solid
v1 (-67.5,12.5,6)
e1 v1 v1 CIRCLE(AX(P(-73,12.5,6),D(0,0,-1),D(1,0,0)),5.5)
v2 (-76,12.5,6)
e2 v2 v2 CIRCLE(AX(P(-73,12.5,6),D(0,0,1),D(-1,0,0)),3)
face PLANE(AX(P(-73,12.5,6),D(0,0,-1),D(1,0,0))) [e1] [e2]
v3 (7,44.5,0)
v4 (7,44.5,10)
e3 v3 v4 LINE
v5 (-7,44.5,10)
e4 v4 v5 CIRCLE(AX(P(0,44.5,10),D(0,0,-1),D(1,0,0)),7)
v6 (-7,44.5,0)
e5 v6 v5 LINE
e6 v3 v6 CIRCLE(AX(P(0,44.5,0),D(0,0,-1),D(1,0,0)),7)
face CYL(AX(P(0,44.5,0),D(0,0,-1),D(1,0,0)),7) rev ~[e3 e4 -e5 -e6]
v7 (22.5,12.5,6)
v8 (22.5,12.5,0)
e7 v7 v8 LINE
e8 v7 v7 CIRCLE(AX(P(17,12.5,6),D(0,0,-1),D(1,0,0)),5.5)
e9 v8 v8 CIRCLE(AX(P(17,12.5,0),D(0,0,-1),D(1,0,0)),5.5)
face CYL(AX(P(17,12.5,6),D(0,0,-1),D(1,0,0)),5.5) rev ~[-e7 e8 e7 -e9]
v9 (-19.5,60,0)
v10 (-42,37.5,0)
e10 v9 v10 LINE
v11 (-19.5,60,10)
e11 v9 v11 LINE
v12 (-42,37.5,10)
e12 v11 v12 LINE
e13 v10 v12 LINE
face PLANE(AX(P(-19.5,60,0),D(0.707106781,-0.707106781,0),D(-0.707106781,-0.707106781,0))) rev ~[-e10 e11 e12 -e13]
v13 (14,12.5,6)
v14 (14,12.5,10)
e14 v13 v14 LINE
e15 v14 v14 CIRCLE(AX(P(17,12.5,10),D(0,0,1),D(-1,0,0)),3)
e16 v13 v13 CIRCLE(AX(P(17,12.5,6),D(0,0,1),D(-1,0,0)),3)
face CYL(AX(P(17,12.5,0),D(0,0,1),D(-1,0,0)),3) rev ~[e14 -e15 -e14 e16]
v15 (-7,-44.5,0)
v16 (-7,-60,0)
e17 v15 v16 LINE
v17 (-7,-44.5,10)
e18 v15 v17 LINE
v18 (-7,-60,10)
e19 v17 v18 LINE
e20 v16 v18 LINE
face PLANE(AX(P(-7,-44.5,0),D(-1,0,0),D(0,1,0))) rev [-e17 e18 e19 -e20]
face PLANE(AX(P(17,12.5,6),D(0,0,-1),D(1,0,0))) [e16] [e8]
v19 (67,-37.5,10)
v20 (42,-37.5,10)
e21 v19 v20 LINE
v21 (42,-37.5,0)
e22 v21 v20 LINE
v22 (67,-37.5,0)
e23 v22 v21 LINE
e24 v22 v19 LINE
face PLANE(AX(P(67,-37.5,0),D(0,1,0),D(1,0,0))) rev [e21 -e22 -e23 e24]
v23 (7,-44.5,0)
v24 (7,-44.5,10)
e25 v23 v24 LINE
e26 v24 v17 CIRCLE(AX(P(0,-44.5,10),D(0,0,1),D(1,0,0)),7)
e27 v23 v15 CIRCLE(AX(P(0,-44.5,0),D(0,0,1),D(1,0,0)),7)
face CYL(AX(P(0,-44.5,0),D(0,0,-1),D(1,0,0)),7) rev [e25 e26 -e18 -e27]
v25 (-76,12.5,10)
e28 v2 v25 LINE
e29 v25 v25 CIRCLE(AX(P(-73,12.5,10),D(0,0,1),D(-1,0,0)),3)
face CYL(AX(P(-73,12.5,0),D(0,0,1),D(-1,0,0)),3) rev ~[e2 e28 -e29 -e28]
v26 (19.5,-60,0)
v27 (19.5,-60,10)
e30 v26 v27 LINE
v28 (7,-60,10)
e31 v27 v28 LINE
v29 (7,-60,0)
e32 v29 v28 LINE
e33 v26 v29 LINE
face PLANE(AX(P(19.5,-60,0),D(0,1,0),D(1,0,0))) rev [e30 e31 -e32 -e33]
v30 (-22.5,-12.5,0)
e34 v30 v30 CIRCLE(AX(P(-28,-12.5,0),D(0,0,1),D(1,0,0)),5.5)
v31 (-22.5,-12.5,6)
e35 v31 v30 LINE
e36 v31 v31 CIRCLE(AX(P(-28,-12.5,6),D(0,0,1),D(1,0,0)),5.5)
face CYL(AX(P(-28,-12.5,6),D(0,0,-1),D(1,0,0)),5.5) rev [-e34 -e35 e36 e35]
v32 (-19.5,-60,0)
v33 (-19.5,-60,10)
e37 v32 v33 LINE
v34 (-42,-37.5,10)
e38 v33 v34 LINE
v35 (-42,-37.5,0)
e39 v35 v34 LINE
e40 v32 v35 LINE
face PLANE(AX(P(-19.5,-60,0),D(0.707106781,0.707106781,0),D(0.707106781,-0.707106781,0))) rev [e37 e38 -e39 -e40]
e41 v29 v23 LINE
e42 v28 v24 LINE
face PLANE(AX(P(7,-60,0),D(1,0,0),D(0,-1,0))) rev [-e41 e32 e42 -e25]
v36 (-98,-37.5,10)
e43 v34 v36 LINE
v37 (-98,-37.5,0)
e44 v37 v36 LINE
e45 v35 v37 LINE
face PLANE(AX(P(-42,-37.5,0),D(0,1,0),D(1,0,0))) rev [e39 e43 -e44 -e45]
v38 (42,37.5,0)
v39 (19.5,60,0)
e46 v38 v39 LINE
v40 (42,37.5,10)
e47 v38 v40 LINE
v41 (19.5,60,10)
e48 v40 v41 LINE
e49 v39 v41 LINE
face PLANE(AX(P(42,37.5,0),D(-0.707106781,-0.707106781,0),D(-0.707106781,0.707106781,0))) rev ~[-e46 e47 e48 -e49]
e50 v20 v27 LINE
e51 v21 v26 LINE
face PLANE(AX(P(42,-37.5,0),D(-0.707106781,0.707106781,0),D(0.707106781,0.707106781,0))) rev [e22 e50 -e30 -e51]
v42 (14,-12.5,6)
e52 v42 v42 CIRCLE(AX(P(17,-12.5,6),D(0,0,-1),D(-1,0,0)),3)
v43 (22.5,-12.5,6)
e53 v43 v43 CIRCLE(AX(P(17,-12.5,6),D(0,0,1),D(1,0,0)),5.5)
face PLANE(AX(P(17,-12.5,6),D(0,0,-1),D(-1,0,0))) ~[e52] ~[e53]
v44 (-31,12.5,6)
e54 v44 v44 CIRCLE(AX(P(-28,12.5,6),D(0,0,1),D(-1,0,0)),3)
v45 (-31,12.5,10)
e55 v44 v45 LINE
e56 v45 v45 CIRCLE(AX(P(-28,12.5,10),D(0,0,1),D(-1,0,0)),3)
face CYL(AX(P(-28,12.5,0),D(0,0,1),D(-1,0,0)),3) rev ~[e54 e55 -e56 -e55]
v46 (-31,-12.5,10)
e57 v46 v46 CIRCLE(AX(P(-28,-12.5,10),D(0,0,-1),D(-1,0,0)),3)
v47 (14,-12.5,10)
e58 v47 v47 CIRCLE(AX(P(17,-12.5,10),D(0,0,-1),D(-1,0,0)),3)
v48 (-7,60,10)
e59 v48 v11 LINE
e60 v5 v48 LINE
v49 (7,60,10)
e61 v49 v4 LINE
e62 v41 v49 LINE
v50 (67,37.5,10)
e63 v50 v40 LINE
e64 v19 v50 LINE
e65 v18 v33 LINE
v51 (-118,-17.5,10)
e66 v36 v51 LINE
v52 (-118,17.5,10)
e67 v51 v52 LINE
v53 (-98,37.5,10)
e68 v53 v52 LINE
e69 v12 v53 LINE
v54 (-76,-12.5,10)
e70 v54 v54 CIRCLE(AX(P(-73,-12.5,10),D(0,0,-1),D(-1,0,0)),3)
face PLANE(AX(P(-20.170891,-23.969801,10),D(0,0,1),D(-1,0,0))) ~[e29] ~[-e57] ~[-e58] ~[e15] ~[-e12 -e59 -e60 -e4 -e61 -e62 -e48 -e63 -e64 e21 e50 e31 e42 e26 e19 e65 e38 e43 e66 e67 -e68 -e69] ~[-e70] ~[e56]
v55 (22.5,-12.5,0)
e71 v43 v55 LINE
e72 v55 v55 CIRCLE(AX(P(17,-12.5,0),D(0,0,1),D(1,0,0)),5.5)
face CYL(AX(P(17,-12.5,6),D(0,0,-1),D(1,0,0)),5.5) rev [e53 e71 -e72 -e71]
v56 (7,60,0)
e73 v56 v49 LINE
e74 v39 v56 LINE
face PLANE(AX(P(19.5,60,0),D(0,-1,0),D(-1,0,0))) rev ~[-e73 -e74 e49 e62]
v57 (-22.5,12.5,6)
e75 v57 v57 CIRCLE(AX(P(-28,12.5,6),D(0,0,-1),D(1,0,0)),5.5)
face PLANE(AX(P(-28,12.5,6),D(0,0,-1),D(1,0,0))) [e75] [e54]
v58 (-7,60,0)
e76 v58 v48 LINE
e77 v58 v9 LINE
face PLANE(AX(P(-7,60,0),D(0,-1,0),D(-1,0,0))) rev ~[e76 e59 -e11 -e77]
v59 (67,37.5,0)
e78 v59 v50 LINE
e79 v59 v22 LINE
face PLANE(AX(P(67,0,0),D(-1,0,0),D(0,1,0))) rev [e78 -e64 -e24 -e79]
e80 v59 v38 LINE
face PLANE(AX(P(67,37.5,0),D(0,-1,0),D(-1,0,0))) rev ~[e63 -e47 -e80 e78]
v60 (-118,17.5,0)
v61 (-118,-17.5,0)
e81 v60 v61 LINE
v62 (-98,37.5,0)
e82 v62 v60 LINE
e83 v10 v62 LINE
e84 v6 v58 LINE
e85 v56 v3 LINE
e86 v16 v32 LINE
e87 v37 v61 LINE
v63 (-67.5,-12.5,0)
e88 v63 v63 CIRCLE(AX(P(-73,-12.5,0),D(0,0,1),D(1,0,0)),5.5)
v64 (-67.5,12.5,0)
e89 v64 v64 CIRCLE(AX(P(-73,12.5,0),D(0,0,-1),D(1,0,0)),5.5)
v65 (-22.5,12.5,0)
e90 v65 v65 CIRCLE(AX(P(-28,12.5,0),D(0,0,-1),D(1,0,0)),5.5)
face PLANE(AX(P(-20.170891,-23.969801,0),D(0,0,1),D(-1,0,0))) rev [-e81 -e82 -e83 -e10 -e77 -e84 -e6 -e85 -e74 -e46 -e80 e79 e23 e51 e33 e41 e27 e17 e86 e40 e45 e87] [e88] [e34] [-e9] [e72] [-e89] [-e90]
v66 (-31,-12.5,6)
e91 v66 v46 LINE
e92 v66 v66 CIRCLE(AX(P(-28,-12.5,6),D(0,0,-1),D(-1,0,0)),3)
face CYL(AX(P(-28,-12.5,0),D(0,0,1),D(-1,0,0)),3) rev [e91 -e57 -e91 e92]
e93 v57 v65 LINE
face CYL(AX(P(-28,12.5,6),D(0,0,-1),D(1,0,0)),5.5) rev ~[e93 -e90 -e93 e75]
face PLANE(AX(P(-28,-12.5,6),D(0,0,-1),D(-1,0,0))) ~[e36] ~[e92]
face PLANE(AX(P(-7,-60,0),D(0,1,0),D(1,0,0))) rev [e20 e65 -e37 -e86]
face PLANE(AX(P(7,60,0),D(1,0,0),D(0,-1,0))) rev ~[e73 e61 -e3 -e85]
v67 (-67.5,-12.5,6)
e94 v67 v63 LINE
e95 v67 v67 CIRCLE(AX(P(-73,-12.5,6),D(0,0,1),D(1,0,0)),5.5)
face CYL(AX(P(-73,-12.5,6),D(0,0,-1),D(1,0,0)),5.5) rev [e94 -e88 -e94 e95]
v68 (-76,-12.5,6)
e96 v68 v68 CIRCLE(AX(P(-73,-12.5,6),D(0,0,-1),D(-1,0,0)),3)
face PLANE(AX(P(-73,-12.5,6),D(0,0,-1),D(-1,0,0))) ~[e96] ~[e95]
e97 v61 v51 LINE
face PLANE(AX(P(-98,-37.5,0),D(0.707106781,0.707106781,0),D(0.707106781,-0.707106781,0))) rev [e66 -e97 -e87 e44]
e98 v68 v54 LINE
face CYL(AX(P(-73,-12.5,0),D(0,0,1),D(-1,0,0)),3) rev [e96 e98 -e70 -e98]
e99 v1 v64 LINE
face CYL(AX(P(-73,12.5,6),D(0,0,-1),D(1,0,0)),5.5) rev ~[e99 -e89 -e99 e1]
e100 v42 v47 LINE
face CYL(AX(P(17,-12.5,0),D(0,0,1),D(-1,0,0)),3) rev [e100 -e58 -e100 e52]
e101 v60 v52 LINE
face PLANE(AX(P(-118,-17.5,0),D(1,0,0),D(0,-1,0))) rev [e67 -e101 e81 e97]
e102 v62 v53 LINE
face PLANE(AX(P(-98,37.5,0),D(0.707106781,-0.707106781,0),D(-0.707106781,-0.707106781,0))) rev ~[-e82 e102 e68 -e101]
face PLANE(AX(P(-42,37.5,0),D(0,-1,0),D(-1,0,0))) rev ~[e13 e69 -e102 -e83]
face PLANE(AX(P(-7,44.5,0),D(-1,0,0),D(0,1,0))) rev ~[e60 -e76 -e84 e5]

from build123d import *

# Parameters (mm, degrees)
F1_DEPTH       = 10
F2_D           = 6
F2_CBORE_D     = 11
F2_CBORE_DEPTH = 6


with BuildPart() as f1:
    # F0 (on Top) → F1 (new body)
    with BuildSketch(Plane.XY):
        with BuildLine():
            Line((-118, 17.5), (-118, 0))
            Line((-118, 0), (67, 0))
            Line((67, 0), (67, 37.5))
            Line((67, 37.5), (42, 37.5))
            Line((42, 37.5), (19.5, 60))
            Line((19.5, 60), (7, 60))
            Line((7, 60), (7, 44.5))
            ThreePointArc((7, 44.5), (0, 37.5), (-7, 44.5))
            Line((-7, 44.5), (-7, 60))
            Line((-7, 60), (-19.5, 60))
            Line((-19.5, 60), (-42, 37.5))
            Line((-42, 37.5), (-98, 37.5))
            Line((-98, 37.5), (-118, 17.5))
        make_face()
    extrude(amount=F1_DEPTH)

    # F2 (through all)
    with Locations(Plane(origin=(0, 0, 0), x_dir=(1, 0, 0), z_dir=(0, 0, -1))):
        with Locations((-73, -12.5), (-28, -12.5), (17, -12.5)):
            CounterBoreHole(F2_D / 2, F2_CBORE_D / 2, F2_CBORE_DEPTH)

    # F3: F1 across plane


with BuildPart() as f1_1:
    add(f1.part)
    add(f1.part.mirror(Plane.XZ))


solid = f1_1.part
